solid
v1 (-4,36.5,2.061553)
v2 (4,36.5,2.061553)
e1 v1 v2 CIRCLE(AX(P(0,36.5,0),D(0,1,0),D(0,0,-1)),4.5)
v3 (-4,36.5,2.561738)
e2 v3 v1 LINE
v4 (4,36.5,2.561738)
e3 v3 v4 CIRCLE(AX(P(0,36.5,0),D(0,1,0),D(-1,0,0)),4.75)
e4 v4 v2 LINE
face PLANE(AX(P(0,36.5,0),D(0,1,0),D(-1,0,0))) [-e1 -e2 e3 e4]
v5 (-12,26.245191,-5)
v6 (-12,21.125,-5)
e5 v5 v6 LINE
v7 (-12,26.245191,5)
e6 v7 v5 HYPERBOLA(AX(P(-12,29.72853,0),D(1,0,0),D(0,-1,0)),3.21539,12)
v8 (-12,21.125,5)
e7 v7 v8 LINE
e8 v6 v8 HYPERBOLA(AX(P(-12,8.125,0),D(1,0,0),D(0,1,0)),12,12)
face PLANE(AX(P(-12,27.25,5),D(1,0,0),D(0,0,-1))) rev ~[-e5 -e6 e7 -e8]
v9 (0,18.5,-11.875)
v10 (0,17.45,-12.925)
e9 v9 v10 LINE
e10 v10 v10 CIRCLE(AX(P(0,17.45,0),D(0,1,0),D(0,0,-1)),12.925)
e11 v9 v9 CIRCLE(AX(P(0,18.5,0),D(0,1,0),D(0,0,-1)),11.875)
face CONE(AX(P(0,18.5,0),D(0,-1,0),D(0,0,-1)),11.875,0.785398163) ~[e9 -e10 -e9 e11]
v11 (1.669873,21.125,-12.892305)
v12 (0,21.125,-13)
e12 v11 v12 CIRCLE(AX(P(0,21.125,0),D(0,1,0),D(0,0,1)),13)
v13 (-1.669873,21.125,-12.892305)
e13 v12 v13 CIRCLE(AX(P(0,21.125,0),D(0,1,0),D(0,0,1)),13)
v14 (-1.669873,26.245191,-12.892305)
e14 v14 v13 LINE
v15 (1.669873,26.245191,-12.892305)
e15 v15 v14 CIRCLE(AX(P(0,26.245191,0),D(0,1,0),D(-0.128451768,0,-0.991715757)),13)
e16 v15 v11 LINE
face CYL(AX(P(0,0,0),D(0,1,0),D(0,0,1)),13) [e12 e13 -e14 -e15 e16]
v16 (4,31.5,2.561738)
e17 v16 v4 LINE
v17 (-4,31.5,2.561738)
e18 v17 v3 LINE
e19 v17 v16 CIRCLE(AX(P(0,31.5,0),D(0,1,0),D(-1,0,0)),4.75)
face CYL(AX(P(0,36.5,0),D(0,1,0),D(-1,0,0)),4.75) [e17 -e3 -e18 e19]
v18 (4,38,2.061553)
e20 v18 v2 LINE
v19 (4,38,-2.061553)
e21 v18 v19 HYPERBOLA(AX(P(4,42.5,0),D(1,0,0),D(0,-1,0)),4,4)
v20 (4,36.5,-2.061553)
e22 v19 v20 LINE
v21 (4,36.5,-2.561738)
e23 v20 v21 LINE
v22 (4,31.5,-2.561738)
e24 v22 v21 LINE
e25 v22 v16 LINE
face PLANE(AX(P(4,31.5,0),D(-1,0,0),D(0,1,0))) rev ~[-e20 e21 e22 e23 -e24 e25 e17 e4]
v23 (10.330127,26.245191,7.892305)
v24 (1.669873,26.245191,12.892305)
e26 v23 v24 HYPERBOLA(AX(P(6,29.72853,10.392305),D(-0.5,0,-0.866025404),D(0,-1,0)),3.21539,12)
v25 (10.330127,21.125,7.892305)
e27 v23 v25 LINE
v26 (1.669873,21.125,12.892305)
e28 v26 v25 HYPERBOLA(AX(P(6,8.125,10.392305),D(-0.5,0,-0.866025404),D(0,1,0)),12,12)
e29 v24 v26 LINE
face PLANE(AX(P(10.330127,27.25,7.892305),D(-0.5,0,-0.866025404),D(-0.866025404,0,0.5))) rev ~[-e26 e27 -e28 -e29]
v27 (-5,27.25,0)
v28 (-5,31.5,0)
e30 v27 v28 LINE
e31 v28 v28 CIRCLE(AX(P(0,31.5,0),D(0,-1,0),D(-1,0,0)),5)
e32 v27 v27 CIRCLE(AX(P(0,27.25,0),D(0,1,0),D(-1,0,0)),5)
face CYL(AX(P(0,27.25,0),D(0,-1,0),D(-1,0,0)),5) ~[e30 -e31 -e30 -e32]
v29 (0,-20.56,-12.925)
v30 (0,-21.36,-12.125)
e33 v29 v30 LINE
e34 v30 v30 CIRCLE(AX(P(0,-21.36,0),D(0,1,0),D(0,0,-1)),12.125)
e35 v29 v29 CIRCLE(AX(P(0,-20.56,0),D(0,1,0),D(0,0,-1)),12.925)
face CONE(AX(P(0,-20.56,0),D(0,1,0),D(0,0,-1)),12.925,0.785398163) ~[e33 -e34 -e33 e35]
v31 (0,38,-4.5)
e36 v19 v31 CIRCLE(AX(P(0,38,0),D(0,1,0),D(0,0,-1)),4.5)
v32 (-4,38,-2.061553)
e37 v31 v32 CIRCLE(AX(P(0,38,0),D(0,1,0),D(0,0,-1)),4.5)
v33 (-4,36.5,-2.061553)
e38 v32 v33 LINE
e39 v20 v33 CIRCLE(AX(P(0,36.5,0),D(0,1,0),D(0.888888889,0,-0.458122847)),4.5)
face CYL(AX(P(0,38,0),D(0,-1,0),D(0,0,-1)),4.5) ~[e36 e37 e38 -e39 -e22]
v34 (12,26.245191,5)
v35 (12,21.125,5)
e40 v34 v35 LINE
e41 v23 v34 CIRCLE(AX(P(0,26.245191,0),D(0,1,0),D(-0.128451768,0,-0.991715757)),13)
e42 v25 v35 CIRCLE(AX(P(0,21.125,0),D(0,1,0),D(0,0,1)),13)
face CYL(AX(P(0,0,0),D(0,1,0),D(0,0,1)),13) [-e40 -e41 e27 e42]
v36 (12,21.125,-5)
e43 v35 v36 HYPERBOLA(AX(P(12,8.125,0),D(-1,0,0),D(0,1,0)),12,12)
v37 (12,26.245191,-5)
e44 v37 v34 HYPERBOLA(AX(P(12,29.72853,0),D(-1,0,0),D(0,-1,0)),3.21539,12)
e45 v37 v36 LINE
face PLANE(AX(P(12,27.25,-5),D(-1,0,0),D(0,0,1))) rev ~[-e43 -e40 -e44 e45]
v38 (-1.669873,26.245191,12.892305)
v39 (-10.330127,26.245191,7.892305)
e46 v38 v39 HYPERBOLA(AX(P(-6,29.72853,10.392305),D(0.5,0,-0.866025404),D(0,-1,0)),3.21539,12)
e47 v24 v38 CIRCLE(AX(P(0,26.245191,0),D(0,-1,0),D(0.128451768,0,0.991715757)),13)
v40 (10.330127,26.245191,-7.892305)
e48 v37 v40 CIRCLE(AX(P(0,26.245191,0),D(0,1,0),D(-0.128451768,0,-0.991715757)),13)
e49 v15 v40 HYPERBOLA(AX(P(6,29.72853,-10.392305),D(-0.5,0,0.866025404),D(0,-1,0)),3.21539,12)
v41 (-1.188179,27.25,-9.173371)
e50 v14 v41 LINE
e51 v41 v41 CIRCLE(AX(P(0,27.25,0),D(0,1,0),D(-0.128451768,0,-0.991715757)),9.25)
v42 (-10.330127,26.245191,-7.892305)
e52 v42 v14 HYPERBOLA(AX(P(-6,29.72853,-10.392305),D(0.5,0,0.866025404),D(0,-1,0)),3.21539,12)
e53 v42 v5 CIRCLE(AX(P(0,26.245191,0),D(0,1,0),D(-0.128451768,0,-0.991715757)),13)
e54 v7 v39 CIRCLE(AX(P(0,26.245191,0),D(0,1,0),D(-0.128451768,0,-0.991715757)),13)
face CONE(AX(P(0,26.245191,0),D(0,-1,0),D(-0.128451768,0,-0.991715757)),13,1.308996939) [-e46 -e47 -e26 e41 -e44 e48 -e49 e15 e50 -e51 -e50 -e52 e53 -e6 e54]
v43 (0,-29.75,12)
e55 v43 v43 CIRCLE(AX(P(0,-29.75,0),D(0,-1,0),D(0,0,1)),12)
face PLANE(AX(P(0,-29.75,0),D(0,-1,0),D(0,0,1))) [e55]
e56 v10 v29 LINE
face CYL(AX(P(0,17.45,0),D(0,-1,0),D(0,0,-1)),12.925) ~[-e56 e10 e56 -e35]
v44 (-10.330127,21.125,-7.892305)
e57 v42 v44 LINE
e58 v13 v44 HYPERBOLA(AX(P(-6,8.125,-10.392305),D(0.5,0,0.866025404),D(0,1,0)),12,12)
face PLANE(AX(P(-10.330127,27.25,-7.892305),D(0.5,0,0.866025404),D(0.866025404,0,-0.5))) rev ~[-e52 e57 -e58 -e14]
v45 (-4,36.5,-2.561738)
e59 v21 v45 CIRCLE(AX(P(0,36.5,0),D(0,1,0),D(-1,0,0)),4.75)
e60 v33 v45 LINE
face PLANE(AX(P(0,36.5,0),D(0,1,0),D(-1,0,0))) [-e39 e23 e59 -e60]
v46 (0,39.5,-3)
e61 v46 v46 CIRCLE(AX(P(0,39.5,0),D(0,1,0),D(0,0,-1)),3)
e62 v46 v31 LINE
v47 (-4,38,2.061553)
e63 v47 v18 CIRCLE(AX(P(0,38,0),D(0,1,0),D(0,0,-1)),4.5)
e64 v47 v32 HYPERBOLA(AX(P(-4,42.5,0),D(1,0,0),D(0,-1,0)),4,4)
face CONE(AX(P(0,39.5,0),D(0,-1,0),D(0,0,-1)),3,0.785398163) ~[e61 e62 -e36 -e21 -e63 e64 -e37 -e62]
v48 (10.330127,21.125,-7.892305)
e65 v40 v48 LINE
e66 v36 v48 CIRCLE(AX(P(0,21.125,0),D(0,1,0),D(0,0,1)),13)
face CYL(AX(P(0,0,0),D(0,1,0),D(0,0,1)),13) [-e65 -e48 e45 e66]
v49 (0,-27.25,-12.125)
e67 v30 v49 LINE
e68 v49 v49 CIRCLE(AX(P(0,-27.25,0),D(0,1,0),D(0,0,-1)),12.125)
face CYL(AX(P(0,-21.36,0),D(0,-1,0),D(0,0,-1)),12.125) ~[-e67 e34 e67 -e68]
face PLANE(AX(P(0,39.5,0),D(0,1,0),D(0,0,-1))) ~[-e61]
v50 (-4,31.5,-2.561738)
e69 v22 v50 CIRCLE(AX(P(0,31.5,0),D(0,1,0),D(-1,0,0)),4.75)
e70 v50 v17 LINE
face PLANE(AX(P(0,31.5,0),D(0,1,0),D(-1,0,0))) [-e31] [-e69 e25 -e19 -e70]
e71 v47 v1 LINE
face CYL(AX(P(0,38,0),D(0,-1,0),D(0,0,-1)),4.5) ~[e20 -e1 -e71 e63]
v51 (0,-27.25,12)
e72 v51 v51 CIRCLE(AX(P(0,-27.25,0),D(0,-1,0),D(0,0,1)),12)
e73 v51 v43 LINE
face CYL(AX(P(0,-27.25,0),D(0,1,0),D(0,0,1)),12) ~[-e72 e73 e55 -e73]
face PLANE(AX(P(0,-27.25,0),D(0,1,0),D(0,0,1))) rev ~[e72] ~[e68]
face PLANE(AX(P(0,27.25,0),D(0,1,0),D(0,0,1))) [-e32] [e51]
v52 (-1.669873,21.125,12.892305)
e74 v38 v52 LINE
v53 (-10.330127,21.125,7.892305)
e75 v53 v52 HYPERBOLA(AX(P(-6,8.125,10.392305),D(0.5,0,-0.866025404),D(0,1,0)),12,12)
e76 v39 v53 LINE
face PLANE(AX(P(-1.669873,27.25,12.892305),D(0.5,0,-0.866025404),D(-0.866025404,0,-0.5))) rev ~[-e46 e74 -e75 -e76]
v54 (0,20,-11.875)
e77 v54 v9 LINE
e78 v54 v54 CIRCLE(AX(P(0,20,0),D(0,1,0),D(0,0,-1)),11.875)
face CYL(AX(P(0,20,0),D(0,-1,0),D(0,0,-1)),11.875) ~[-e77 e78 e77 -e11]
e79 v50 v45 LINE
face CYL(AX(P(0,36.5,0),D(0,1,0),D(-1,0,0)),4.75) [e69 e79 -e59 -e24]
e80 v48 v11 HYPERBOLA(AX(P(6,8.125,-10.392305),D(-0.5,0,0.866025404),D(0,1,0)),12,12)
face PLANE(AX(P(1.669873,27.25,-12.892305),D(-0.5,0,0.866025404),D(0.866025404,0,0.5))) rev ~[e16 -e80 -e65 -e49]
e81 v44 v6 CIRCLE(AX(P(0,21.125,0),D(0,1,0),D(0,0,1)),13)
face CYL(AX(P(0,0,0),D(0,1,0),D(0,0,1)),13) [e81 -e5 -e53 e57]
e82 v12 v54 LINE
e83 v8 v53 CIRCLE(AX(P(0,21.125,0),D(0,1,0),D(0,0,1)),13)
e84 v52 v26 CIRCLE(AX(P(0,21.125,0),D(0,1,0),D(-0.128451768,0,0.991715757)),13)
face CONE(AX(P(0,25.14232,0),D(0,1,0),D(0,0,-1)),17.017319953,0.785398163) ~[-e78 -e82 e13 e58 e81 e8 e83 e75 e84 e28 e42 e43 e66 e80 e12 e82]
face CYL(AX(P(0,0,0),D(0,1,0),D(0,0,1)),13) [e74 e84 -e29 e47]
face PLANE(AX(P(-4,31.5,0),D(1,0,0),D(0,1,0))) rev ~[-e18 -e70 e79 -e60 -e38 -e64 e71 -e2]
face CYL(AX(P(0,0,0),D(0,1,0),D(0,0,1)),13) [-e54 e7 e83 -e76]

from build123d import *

# Parameters (mm, degrees)
SKETCH1_R          = 13
STOCK_DEPTH        = 27.25
HEX_HEAD_DEPTH     = 8.5
SKETCH5_R          = 12
RETAINER_DEPTH     = 2.5
SKETCH9_W          = 0.724432229
SKETCH9_H          = 3.174333178
SKETCH9_W_2        = 8
SKETCH9_H_2        = 0.600364256
SKETCH9_W_3        = 0.732916959
CUT_EXTRUDE3_DEPTH = 13.475
SKETCH10_R         = 5
EXTRUDE4_DEPTH     = 9.25
SKETCH13_R         = 5
SKETCH13_R_2       = 4.75
CUT_EXTRUDE4_DEPTH = 5
SKETCH14_W         = 1
SKETCH14_H         = 5
CUT_EXTRUDE5_DEPTH = 13.475


with BuildPart() as part:
    # Sketch1 → STOCK (new body, symmetric)
    with BuildSketch(Plane(origin=(0, 0, 0), x_dir=(1, 0, 0), z_dir=(0, 1, 0))):
        with Locations(Location((0, 0, 0), (0, 0, 270))):  # turned: the seam where the file's is
            Circle(SKETCH1_R)
    extrude(amount=STOCK_DEPTH, both=True)

    # Sketch2 → HEX_HEAD (cut)
    with BuildSketch(Plane(origin=(0, 27.25, 0), x_dir=(1, 0, 0), z_dir=(0, 1, 0))):
        with BuildLine():
            ThreePointArc((10.330127019, 7.892304845), (6.5, 11.258330249), (1.669872981, 12.892304845))
            Line((1.669872981, 12.892304845), (10.330127019, 7.892304845))
        make_face()
        with BuildLine():
            Line((-10.330127019, 7.892304845), (-1.669872981, 12.892304845))
            ThreePointArc((-1.669872981, 12.892304845), (-6.5, 11.258330249), (-10.330127019, 7.892304845))
        make_face()
        with BuildLine():
            Line((12, 5), (12, -5))
            ThreePointArc((12, -5), (13, 0), (12, 5))
        make_face()
        with BuildLine():
            Line((-12, -5), (-12, 5))
            ThreePointArc((-12, 5), (-13, 0), (-12, -5))
        make_face()
        with BuildLine():
            Line((10.330127019, -7.892304845), (1.669872981, -12.892304845))
            ThreePointArc((1.669872981, -12.892304845), (6.5, -11.258330249), (10.330127019, -7.892304845))
        make_face()
        with BuildLine():
            Line((-1.669872981, -12.892304845), (-10.330127019, -7.892304845))
            ThreePointArc((-10.330127019, -7.892304845), (-6.5, -11.258330249), (-1.669872981, -12.892304845))
        make_face()
    extrude(amount=-HEX_HEAD_DEPTH, mode=Mode.SUBTRACT)

    # Sketch3 → CROWN (revolve, cut)
    with BuildSketch(Plane.XY, mode=Mode.PRIVATE) as crown_sk:
        Polygon((9.25, 27.25), (13, 27.25), (13, 26.245190528), align=None)
    revolve(crown_sk.sketch.rotate(Axis((0, 0, 0), (0, 1, 0)), 97.380135052), axis=Axis((0, 0, 0), (0, 1, 0)), mode=Mode.SUBTRACT)  # turned: the seam where the file's is

    # Sketch4 → OD_PROFILE (revolve, cut)
    with BuildSketch(Plane.XY, mode=Mode.PRIVATE) as od_profile_sk:
        Polygon((17.017319953, -27.25), (17.017319953, 25.142319953), (11.875, 20), (11.875, 18.5), (12.925, 17.45), (12.925, -20.56), (12.125, -21.36), (12.125, -27.25), align=None)
    revolve(od_profile_sk.sketch.rotate(Axis((0, -29.172938247, 0), (0, 1, 0)), 90), axis=Axis((0, -29.172938247, 0), (0, 1, 0)), mode=Mode.SUBTRACT)  # turned: the seam where the file's is

    # Sketch5 → RETAINER (add)
    with BuildSketch(Plane.XZ.offset(27.25)):
        with Locations(Location((0, 0, 0), (0, 0, 90))):  # turned: the seam where the file's is
            Circle(SKETCH5_R)
    extrude(amount=RETAINER_DEPTH)



with BuildPart() as body_2:
    # Sketch8 → Revolve1 (revolve)
    with BuildSketch(Plane.XY, mode=Mode.PRIVATE) as revolve1_sk:
        Polygon((0, 39.5), (3, 39.5), (4.5, 38), (4.5, 36.5), (0, 36.5), align=None)
    revolve(revolve1_sk.sketch.rotate(Axis((0, 0, 0), (0, 1, 0)), 90), axis=Axis((0, 0, 0), (0, 1, 0)))  # turned: the seam where the file's is

    # Sketch9 → Cut-Extrude3 (cut, symmetric)
    with BuildSketch(Plane.XY):
        with Locations((4.362216115, 38.087166589)):
            Rectangle(SKETCH9_W, SKETCH9_H)
        with Locations((0, 36.199817872)):
            Rectangle(SKETCH9_W_2, SKETCH9_H_2)
        with Locations((-4.36645848, 38.087166589)):
            Rectangle(SKETCH9_W_3, SKETCH9_H)
    extrude(amount=CUT_EXTRUDE3_DEPTH, both=True, mode=Mode.SUBTRACT)


with BuildPart() as part_1:
    add(part.part)

    add(body_2.part)  # Extrude4 merges body 2
    # Sketch10 → Extrude4 (add)
    with BuildSketch(Plane(origin=(0, 27.25, 0), x_dir=(1, 0, 0), z_dir=(0, 1, 0))):
        with Locations(Location((0, 0, 0), (0, 0, 180))):  # turned: the seam where the file's is
            Circle(SKETCH10_R)
    extrude(amount=EXTRUDE4_DEPTH)

    # Sketch13 → Cut-Extrude4 (cut)
    with BuildSketch(Plane(origin=(0, 36.5, 0), x_dir=(1, 0, 0), z_dir=(0, 1, 0))):
        with Locations(Location((0, 0, 0), (0, 0, 180))):  # turned: the seam where the file's is
            Circle(SKETCH13_R)
        with Locations(Location((0, 0, 0), (0, 0, 180))):  # turned: the seam where the file's is
            Circle(SKETCH13_R_2, mode=Mode.SUBTRACT)
    extrude(amount=-CUT_EXTRUDE4_DEPTH, mode=Mode.SUBTRACT)

    # Sketch14 → Cut-Extrude5 (cut, symmetric)
    with BuildSketch(Plane.XY):
        with Locations((4.5, 34)):
            Rectangle(SKETCH14_W, SKETCH14_H)
        with Locations((-4.5, 34)):
            Rectangle(SKETCH14_W, SKETCH14_H)
    extrude(amount=CUT_EXTRUDE5_DEPTH, both=True, mode=Mode.SUBTRACT)


solid = part_1.part
